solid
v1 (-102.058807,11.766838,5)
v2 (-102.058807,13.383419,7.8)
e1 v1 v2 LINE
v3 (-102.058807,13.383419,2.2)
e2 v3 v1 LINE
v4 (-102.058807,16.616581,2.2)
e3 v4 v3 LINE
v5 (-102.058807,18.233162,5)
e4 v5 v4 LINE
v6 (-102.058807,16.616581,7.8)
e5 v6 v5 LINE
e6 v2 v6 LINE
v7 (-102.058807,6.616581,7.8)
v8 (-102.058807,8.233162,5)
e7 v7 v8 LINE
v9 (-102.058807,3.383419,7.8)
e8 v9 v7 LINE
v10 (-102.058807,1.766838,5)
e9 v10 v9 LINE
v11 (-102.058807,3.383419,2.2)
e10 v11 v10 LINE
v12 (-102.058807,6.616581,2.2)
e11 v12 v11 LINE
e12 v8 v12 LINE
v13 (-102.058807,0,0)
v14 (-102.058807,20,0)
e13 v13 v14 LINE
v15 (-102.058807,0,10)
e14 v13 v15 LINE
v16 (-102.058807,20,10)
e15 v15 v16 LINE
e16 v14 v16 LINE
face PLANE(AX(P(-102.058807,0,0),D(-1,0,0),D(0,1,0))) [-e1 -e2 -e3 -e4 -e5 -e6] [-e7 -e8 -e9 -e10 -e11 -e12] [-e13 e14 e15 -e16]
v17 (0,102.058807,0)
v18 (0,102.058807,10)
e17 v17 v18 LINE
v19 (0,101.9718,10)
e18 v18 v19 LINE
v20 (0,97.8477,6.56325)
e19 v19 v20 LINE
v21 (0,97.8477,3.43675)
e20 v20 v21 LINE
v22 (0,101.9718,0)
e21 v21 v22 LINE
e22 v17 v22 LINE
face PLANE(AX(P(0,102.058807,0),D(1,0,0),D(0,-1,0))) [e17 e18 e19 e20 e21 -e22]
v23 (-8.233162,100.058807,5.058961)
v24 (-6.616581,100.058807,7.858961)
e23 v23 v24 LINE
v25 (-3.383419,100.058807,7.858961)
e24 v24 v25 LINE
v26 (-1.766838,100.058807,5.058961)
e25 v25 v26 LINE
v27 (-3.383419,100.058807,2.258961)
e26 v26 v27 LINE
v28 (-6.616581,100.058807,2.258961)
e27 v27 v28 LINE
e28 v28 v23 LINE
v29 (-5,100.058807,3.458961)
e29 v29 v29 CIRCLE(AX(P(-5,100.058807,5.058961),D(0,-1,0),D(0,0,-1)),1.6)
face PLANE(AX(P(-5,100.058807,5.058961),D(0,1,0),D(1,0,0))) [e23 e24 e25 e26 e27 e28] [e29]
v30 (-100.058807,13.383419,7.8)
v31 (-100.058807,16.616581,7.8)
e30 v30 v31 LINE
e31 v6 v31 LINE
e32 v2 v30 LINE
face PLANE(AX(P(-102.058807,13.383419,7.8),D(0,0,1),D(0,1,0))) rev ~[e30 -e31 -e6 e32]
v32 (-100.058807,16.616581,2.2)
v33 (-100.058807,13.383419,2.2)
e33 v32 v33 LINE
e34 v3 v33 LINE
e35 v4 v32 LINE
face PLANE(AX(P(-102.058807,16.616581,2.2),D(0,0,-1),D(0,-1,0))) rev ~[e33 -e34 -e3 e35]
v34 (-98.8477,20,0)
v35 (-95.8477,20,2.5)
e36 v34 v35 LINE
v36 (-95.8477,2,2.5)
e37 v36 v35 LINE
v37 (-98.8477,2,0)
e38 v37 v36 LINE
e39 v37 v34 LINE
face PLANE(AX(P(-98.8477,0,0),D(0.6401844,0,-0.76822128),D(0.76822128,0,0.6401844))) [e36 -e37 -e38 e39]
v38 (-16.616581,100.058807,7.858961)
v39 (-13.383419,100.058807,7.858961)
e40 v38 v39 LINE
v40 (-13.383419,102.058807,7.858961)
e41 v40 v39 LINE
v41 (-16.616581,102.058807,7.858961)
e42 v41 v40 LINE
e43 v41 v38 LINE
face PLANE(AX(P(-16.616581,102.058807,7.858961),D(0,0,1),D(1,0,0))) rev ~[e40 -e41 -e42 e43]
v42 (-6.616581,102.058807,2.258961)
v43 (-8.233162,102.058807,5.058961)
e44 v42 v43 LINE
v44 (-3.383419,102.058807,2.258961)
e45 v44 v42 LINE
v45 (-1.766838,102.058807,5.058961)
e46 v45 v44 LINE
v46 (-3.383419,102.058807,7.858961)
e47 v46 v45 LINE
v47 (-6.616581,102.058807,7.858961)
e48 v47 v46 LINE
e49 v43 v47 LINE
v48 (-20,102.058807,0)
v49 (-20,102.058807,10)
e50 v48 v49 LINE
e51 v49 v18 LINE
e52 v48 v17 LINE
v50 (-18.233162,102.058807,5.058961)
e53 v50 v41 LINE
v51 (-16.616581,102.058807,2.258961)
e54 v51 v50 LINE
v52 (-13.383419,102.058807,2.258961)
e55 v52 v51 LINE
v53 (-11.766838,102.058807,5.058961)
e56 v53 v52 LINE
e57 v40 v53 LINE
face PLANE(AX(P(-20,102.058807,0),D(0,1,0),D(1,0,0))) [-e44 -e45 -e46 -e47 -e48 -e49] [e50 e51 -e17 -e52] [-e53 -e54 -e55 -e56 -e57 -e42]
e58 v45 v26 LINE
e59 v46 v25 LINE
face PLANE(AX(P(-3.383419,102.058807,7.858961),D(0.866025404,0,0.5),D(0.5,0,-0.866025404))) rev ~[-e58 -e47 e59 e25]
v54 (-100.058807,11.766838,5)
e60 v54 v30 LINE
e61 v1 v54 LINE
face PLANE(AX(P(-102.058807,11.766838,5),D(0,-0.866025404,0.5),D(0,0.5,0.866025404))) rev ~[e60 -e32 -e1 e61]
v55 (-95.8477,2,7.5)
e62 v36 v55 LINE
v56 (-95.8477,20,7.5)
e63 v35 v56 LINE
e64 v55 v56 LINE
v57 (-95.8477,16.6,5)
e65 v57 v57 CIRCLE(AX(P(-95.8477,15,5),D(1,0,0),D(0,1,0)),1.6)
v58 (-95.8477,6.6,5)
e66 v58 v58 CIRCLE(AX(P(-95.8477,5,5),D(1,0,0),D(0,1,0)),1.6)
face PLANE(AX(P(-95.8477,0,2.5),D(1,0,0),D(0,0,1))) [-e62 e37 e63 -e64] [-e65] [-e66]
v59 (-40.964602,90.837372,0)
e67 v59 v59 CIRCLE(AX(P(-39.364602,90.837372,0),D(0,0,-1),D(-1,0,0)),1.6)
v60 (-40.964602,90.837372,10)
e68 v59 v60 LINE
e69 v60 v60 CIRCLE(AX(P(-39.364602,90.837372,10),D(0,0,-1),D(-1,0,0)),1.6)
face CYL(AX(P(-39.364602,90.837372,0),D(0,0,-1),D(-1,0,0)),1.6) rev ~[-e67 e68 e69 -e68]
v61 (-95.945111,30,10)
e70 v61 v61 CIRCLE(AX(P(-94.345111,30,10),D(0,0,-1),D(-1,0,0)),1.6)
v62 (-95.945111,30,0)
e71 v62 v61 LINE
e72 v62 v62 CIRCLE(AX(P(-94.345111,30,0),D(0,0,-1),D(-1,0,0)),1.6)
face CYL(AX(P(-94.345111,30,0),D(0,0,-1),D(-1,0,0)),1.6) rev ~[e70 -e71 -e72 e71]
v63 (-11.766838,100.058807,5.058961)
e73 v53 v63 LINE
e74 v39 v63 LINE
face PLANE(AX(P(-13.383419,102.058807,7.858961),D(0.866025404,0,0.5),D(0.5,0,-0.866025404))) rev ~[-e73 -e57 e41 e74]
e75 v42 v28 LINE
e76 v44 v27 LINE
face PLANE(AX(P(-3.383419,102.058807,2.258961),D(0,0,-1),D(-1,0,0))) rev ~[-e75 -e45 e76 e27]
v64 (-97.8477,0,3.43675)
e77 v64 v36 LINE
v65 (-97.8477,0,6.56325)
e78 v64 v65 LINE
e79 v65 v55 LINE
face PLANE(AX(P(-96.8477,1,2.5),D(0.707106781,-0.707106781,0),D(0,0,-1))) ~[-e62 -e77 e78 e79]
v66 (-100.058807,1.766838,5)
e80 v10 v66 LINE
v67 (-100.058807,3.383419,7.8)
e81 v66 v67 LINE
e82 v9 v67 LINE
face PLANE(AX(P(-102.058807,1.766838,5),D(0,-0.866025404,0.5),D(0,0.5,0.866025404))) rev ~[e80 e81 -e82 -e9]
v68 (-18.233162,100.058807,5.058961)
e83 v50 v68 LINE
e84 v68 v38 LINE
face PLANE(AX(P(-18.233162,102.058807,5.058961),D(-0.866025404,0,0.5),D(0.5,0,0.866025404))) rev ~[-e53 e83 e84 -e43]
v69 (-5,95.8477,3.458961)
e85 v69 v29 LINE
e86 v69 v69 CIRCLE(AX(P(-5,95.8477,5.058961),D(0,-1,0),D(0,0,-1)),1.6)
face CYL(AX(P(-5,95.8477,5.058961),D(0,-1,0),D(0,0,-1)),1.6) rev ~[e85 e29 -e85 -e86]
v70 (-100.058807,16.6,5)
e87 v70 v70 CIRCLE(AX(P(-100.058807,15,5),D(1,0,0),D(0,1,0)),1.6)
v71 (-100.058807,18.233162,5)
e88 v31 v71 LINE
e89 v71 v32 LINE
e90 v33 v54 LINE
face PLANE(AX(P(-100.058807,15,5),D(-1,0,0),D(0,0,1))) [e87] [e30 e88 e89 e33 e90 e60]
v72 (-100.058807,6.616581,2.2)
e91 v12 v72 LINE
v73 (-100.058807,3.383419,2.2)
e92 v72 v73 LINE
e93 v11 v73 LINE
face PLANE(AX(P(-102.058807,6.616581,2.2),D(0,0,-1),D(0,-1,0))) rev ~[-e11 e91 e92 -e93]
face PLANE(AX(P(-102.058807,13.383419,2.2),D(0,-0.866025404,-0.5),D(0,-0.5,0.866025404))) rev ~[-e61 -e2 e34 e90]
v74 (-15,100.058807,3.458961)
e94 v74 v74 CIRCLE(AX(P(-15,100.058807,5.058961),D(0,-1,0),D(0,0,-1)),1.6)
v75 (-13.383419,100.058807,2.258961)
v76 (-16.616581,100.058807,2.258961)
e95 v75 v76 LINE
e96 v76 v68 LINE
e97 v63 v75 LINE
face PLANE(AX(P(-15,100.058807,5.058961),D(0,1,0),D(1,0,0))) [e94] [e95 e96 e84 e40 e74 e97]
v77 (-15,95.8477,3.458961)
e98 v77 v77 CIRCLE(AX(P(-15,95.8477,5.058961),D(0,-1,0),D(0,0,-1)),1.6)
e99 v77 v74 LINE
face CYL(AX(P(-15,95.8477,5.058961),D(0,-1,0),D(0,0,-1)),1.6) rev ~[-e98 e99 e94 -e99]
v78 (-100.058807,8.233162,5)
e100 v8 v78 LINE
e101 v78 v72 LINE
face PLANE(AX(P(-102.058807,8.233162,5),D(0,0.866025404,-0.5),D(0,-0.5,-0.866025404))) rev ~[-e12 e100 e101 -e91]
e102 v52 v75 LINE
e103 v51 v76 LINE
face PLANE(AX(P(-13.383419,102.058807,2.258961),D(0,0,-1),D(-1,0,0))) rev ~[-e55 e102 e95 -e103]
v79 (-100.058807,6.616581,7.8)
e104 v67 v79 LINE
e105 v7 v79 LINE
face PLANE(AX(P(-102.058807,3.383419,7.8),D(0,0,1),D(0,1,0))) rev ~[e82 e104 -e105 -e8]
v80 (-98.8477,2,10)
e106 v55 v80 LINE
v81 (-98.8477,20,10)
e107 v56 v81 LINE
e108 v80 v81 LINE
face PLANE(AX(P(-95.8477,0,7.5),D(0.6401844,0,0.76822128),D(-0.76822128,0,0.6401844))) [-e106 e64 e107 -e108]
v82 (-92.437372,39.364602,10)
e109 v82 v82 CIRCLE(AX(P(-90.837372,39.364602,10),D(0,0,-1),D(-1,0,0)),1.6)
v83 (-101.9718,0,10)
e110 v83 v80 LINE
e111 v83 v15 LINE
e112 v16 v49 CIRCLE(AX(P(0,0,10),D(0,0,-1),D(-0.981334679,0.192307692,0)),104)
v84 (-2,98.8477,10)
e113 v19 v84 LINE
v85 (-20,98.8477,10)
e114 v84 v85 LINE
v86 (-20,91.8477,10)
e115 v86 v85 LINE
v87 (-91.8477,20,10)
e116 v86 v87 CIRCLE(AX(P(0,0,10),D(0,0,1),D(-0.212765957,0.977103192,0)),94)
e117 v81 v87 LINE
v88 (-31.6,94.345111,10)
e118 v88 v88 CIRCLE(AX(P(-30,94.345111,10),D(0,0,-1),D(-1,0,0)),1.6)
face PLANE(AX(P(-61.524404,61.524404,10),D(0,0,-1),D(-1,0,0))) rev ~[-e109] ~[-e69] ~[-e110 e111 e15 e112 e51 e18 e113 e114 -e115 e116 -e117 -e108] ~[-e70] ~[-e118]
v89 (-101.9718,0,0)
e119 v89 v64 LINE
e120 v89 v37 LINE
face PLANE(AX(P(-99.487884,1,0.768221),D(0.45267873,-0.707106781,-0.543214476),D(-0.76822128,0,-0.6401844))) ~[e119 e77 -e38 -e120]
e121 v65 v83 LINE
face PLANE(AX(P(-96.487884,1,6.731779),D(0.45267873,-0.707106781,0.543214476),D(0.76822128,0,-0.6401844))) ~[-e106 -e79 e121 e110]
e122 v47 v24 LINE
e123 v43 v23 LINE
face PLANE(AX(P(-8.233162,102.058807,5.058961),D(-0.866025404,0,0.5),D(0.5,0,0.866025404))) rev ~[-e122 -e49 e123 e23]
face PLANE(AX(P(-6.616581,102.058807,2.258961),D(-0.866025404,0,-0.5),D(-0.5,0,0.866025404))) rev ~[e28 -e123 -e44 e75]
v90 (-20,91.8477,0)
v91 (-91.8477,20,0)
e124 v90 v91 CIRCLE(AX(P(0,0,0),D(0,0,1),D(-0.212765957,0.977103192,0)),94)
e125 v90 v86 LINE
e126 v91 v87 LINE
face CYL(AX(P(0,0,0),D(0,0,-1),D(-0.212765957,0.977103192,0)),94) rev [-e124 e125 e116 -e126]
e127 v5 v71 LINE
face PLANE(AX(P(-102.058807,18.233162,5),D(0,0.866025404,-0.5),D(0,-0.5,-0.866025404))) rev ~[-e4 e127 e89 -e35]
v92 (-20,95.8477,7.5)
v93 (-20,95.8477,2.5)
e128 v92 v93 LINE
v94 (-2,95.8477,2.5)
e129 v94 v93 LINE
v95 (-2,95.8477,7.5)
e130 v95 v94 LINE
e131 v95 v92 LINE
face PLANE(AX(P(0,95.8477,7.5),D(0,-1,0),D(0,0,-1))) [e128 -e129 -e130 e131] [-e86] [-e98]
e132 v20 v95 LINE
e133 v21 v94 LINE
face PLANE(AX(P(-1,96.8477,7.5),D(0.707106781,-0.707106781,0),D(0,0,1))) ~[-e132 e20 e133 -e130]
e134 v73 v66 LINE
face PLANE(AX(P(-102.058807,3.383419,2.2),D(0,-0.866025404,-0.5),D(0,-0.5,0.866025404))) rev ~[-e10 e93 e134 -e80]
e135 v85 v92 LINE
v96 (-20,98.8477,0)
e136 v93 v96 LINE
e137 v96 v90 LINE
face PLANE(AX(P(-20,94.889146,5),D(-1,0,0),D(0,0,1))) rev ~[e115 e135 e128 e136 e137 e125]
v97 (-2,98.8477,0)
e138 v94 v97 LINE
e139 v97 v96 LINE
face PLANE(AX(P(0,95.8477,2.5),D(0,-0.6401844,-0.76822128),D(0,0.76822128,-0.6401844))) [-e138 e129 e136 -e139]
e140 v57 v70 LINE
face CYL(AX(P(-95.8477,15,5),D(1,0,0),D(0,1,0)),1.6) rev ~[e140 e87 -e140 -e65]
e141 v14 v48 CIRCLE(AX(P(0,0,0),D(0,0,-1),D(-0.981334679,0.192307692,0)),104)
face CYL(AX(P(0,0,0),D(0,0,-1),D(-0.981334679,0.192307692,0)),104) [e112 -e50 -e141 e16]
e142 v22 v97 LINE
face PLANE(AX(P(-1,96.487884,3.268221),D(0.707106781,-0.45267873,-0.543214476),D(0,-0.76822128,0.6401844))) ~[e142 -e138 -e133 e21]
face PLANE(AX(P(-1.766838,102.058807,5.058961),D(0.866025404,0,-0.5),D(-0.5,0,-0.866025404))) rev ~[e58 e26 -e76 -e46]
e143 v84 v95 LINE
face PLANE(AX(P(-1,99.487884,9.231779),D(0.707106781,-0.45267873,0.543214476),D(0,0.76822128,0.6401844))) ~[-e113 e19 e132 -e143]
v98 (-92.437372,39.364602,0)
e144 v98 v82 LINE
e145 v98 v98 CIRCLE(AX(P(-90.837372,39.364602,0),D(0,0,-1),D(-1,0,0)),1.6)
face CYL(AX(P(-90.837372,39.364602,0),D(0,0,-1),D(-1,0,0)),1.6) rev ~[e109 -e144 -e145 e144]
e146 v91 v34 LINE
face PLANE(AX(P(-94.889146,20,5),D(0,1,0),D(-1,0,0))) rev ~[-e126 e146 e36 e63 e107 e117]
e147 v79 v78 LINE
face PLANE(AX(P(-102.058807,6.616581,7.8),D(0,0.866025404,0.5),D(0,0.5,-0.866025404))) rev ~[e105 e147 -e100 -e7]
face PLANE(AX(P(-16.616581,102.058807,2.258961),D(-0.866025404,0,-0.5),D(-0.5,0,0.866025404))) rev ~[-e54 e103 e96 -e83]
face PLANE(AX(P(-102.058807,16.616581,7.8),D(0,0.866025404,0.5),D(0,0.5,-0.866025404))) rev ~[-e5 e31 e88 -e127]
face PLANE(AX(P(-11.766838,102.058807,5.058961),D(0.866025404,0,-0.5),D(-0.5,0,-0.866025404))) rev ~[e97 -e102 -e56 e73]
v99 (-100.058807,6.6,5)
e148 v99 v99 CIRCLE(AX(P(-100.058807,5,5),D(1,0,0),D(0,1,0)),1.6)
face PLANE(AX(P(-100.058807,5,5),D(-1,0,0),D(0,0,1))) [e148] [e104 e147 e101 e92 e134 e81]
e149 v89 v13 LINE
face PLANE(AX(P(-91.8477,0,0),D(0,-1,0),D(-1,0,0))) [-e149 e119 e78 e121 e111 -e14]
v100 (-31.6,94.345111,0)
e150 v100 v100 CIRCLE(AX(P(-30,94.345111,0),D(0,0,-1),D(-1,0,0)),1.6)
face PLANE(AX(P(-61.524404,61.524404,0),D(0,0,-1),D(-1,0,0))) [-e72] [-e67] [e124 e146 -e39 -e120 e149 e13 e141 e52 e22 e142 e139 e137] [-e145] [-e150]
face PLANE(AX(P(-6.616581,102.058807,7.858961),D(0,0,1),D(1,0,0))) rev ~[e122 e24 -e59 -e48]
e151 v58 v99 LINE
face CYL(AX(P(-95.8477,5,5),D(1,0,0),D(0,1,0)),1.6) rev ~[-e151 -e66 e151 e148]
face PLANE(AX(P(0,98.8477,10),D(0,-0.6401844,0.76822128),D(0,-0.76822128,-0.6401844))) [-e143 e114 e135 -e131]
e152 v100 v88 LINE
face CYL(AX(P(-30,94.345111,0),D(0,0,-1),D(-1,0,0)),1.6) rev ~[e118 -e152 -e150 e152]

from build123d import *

# Parameters (mm, degrees)
BOSS_EXTRU_1_DEPTH      = 10
ENL_V_MAT_EXTRU_1_DEPTH = 20
ENL_V_MAT_EXTRU_2_DEPTH = 20
ESQUISSE5_R             = 1.6
ENL_V_MAT_EXTRU_3_DEPTH = 20
ESQUISSE6_R             = 1.6
ENL_V_MAT_EXTRU_4_DEPTH = 20
CHANFREIN1_SIZE         = 2
ENL_V_MAT_EXTRU_5_DEPTH = 2
ENL_V_MAT_EXTRU_6_DEPTH = 2
ESQUISSE9_R             = 1.6
ENL_V_MAT_EXTRU_7_DEPTH = 10


with BuildPart() as part:
    # Esquisse1 → Boss.-Extru.1 (new body)
    with BuildSketch(Plane.XY):
        with BuildLine():
            Line((-20, 102.058806577), (0, 102.058806577))
            Line((0, 102.058806577), (0, 91.847700026))
            Line((0, 91.847700026), (-20, 91.847700026))
            ThreePointArc((-20, 91.847700026), (-66.468037432, 66.468037432), (-91.847700026, 20))
            Line((-91.847700026, 20), (-91.847700026, 0))
            Line((-91.847700026, 0), (-102.058806577, 0))
            Line((-102.058806577, 0), (-102.058806577, 20))
            ThreePointArc((-102.058806577, 20), (-73.539105243, 73.539105243), (-20, 102.058806577))
        make_face()
    extrude(amount=BOSS_EXTRU_1_DEPTH)

    # Esquisse2 → Enlèv. mat.-Extru.1 (cut)
    with BuildSketch(Plane.XZ):
        Polygon((-98.847700026, 10), (-91.847700026, 10), (-91.847700026, 0), (-98.847700026, 0), (-95.847700026, 2.5), (-95.847700026, 7.5), align=None)
    extrude(amount=-ENL_V_MAT_EXTRU_1_DEPTH, mode=Mode.SUBTRACT)

    # Esquisse4 → Enlèv. mat.-Extru.2 (cut)
    with BuildSketch(Plane(origin=(0, 0, 0), x_dir=(0, 0, -1), z_dir=(1, 0, 0))):
        Polygon((0, 98.847700026), (0, 91.847700026), (-10, 91.847700026), (-10, 98.847700026), (-7.5, 95.847700026), (-2.5, 95.847700026), align=None)
    extrude(amount=-ENL_V_MAT_EXTRU_2_DEPTH, mode=Mode.SUBTRACT)

    # Esquisse5 → Enlèv. mat.-Extru.3 (cut)
    with BuildSketch(Plane(origin=(-95.847700026, 0, 0), x_dir=(0, 0, -1), z_dir=(1, 0, 0))):
        with Locations(Location((-5, 5, 0), (0, 0, 90))):
            Circle(ESQUISSE5_R)
        with Locations(Location((-5, 15, 0), (0, 0, 90))):
            Circle(ESQUISSE5_R)
    extrude(amount=-ENL_V_MAT_EXTRU_3_DEPTH, mode=Mode.SUBTRACT)

    # Esquisse6 → Enlèv. mat.-Extru.4 (cut)
    with BuildSketch(Plane.XZ.offset(-95.847700026)):
        with Locations(Location((-5, 5.05896145, 0), (0, 0, 270))):
            Circle(ESQUISSE6_R)
        with Locations(Location((-15, 5.05896145, 0), (0, 0, 270))):
            Circle(ESQUISSE6_R)
    extrude(amount=-ENL_V_MAT_EXTRU_4_DEPTH, mode=Mode.SUBTRACT)

    # Chanfrein1
    chanfrein1_edges = [part.edges().sort_by_distance(p)[0] for p in [
        (-97.347700026, 0, 8.75),
        (-95.847700026, 0, 5),
        (-97.347700026, 0, 1.25),
        (0, 97.347700026, 1.25),
        (0, 95.847700026, 5),
        (0, 97.347700026, 8.75),
    ]]
    chamfer(chanfrein1_edges, length=CHANFREIN1_SIZE)

    # Esquisse7 → Enlèv. mat.-Extru.5 (cut)
    with BuildSketch(Plane.ZY.offset(102.058806577)):
        Polygon((2.2, 6.616580754), (2.2, 3.383419246), (5, 1.766838493), (7.8, 3.383419246), (7.8, 6.616580754), (5, 8.233161507), align=None)
        Polygon((7.8, 16.616580754), (5, 18.233161507), (2.2, 16.616580754), (2.2, 13.383419246), (5, 11.766838493), (7.8, 13.383419246), align=None)
    extrude(amount=-ENL_V_MAT_EXTRU_5_DEPTH, mode=Mode.SUBTRACT)

    # Esquisse8 → Enlèv. mat.-Extru.6 (cut)
    with BuildSketch(Plane(origin=(0, 102.058806577, 0), x_dir=(1, 0, 0), z_dir=(0, 1, 0))):
        Polygon((-3.383419246, -2.25896145), (-6.616580754, -2.25896145), (-8.233161507, -5.05896145), (-6.616580754, -7.85896145), (-3.383419246, -7.85896145), (-1.766838493, -5.05896145), align=None)
        Polygon((-13.383419246, -2.25896145), (-16.616580754, -2.25896145), (-18.233161507, -5.05896145), (-16.616580754, -7.85896145), (-13.383419246, -7.85896145), (-11.766838493, -5.05896145), align=None)
    extrude(amount=-ENL_V_MAT_EXTRU_6_DEPTH, mode=Mode.SUBTRACT)

    # Esquisse9 → Enlèv. mat.-Extru.7 (cut)
    with BuildSketch(Plane(origin=(0, 0, 0), x_dir=(-1, 0, 0), z_dir=(0, 0, -1))):
        with Locations((94.345111161, 30)):
            Circle(ESQUISSE9_R)
        with Locations((90.837371891, 39.364601711)):
            Circle(ESQUISSE9_R)
        with Locations((30, 94.345111161)):
            Circle(ESQUISSE9_R)
        with Locations((39.364601711, 90.837371891)):
            Circle(ESQUISSE9_R)
    extrude(amount=-ENL_V_MAT_EXTRU_7_DEPTH, mode=Mode.SUBTRACT)


solid = part.part
